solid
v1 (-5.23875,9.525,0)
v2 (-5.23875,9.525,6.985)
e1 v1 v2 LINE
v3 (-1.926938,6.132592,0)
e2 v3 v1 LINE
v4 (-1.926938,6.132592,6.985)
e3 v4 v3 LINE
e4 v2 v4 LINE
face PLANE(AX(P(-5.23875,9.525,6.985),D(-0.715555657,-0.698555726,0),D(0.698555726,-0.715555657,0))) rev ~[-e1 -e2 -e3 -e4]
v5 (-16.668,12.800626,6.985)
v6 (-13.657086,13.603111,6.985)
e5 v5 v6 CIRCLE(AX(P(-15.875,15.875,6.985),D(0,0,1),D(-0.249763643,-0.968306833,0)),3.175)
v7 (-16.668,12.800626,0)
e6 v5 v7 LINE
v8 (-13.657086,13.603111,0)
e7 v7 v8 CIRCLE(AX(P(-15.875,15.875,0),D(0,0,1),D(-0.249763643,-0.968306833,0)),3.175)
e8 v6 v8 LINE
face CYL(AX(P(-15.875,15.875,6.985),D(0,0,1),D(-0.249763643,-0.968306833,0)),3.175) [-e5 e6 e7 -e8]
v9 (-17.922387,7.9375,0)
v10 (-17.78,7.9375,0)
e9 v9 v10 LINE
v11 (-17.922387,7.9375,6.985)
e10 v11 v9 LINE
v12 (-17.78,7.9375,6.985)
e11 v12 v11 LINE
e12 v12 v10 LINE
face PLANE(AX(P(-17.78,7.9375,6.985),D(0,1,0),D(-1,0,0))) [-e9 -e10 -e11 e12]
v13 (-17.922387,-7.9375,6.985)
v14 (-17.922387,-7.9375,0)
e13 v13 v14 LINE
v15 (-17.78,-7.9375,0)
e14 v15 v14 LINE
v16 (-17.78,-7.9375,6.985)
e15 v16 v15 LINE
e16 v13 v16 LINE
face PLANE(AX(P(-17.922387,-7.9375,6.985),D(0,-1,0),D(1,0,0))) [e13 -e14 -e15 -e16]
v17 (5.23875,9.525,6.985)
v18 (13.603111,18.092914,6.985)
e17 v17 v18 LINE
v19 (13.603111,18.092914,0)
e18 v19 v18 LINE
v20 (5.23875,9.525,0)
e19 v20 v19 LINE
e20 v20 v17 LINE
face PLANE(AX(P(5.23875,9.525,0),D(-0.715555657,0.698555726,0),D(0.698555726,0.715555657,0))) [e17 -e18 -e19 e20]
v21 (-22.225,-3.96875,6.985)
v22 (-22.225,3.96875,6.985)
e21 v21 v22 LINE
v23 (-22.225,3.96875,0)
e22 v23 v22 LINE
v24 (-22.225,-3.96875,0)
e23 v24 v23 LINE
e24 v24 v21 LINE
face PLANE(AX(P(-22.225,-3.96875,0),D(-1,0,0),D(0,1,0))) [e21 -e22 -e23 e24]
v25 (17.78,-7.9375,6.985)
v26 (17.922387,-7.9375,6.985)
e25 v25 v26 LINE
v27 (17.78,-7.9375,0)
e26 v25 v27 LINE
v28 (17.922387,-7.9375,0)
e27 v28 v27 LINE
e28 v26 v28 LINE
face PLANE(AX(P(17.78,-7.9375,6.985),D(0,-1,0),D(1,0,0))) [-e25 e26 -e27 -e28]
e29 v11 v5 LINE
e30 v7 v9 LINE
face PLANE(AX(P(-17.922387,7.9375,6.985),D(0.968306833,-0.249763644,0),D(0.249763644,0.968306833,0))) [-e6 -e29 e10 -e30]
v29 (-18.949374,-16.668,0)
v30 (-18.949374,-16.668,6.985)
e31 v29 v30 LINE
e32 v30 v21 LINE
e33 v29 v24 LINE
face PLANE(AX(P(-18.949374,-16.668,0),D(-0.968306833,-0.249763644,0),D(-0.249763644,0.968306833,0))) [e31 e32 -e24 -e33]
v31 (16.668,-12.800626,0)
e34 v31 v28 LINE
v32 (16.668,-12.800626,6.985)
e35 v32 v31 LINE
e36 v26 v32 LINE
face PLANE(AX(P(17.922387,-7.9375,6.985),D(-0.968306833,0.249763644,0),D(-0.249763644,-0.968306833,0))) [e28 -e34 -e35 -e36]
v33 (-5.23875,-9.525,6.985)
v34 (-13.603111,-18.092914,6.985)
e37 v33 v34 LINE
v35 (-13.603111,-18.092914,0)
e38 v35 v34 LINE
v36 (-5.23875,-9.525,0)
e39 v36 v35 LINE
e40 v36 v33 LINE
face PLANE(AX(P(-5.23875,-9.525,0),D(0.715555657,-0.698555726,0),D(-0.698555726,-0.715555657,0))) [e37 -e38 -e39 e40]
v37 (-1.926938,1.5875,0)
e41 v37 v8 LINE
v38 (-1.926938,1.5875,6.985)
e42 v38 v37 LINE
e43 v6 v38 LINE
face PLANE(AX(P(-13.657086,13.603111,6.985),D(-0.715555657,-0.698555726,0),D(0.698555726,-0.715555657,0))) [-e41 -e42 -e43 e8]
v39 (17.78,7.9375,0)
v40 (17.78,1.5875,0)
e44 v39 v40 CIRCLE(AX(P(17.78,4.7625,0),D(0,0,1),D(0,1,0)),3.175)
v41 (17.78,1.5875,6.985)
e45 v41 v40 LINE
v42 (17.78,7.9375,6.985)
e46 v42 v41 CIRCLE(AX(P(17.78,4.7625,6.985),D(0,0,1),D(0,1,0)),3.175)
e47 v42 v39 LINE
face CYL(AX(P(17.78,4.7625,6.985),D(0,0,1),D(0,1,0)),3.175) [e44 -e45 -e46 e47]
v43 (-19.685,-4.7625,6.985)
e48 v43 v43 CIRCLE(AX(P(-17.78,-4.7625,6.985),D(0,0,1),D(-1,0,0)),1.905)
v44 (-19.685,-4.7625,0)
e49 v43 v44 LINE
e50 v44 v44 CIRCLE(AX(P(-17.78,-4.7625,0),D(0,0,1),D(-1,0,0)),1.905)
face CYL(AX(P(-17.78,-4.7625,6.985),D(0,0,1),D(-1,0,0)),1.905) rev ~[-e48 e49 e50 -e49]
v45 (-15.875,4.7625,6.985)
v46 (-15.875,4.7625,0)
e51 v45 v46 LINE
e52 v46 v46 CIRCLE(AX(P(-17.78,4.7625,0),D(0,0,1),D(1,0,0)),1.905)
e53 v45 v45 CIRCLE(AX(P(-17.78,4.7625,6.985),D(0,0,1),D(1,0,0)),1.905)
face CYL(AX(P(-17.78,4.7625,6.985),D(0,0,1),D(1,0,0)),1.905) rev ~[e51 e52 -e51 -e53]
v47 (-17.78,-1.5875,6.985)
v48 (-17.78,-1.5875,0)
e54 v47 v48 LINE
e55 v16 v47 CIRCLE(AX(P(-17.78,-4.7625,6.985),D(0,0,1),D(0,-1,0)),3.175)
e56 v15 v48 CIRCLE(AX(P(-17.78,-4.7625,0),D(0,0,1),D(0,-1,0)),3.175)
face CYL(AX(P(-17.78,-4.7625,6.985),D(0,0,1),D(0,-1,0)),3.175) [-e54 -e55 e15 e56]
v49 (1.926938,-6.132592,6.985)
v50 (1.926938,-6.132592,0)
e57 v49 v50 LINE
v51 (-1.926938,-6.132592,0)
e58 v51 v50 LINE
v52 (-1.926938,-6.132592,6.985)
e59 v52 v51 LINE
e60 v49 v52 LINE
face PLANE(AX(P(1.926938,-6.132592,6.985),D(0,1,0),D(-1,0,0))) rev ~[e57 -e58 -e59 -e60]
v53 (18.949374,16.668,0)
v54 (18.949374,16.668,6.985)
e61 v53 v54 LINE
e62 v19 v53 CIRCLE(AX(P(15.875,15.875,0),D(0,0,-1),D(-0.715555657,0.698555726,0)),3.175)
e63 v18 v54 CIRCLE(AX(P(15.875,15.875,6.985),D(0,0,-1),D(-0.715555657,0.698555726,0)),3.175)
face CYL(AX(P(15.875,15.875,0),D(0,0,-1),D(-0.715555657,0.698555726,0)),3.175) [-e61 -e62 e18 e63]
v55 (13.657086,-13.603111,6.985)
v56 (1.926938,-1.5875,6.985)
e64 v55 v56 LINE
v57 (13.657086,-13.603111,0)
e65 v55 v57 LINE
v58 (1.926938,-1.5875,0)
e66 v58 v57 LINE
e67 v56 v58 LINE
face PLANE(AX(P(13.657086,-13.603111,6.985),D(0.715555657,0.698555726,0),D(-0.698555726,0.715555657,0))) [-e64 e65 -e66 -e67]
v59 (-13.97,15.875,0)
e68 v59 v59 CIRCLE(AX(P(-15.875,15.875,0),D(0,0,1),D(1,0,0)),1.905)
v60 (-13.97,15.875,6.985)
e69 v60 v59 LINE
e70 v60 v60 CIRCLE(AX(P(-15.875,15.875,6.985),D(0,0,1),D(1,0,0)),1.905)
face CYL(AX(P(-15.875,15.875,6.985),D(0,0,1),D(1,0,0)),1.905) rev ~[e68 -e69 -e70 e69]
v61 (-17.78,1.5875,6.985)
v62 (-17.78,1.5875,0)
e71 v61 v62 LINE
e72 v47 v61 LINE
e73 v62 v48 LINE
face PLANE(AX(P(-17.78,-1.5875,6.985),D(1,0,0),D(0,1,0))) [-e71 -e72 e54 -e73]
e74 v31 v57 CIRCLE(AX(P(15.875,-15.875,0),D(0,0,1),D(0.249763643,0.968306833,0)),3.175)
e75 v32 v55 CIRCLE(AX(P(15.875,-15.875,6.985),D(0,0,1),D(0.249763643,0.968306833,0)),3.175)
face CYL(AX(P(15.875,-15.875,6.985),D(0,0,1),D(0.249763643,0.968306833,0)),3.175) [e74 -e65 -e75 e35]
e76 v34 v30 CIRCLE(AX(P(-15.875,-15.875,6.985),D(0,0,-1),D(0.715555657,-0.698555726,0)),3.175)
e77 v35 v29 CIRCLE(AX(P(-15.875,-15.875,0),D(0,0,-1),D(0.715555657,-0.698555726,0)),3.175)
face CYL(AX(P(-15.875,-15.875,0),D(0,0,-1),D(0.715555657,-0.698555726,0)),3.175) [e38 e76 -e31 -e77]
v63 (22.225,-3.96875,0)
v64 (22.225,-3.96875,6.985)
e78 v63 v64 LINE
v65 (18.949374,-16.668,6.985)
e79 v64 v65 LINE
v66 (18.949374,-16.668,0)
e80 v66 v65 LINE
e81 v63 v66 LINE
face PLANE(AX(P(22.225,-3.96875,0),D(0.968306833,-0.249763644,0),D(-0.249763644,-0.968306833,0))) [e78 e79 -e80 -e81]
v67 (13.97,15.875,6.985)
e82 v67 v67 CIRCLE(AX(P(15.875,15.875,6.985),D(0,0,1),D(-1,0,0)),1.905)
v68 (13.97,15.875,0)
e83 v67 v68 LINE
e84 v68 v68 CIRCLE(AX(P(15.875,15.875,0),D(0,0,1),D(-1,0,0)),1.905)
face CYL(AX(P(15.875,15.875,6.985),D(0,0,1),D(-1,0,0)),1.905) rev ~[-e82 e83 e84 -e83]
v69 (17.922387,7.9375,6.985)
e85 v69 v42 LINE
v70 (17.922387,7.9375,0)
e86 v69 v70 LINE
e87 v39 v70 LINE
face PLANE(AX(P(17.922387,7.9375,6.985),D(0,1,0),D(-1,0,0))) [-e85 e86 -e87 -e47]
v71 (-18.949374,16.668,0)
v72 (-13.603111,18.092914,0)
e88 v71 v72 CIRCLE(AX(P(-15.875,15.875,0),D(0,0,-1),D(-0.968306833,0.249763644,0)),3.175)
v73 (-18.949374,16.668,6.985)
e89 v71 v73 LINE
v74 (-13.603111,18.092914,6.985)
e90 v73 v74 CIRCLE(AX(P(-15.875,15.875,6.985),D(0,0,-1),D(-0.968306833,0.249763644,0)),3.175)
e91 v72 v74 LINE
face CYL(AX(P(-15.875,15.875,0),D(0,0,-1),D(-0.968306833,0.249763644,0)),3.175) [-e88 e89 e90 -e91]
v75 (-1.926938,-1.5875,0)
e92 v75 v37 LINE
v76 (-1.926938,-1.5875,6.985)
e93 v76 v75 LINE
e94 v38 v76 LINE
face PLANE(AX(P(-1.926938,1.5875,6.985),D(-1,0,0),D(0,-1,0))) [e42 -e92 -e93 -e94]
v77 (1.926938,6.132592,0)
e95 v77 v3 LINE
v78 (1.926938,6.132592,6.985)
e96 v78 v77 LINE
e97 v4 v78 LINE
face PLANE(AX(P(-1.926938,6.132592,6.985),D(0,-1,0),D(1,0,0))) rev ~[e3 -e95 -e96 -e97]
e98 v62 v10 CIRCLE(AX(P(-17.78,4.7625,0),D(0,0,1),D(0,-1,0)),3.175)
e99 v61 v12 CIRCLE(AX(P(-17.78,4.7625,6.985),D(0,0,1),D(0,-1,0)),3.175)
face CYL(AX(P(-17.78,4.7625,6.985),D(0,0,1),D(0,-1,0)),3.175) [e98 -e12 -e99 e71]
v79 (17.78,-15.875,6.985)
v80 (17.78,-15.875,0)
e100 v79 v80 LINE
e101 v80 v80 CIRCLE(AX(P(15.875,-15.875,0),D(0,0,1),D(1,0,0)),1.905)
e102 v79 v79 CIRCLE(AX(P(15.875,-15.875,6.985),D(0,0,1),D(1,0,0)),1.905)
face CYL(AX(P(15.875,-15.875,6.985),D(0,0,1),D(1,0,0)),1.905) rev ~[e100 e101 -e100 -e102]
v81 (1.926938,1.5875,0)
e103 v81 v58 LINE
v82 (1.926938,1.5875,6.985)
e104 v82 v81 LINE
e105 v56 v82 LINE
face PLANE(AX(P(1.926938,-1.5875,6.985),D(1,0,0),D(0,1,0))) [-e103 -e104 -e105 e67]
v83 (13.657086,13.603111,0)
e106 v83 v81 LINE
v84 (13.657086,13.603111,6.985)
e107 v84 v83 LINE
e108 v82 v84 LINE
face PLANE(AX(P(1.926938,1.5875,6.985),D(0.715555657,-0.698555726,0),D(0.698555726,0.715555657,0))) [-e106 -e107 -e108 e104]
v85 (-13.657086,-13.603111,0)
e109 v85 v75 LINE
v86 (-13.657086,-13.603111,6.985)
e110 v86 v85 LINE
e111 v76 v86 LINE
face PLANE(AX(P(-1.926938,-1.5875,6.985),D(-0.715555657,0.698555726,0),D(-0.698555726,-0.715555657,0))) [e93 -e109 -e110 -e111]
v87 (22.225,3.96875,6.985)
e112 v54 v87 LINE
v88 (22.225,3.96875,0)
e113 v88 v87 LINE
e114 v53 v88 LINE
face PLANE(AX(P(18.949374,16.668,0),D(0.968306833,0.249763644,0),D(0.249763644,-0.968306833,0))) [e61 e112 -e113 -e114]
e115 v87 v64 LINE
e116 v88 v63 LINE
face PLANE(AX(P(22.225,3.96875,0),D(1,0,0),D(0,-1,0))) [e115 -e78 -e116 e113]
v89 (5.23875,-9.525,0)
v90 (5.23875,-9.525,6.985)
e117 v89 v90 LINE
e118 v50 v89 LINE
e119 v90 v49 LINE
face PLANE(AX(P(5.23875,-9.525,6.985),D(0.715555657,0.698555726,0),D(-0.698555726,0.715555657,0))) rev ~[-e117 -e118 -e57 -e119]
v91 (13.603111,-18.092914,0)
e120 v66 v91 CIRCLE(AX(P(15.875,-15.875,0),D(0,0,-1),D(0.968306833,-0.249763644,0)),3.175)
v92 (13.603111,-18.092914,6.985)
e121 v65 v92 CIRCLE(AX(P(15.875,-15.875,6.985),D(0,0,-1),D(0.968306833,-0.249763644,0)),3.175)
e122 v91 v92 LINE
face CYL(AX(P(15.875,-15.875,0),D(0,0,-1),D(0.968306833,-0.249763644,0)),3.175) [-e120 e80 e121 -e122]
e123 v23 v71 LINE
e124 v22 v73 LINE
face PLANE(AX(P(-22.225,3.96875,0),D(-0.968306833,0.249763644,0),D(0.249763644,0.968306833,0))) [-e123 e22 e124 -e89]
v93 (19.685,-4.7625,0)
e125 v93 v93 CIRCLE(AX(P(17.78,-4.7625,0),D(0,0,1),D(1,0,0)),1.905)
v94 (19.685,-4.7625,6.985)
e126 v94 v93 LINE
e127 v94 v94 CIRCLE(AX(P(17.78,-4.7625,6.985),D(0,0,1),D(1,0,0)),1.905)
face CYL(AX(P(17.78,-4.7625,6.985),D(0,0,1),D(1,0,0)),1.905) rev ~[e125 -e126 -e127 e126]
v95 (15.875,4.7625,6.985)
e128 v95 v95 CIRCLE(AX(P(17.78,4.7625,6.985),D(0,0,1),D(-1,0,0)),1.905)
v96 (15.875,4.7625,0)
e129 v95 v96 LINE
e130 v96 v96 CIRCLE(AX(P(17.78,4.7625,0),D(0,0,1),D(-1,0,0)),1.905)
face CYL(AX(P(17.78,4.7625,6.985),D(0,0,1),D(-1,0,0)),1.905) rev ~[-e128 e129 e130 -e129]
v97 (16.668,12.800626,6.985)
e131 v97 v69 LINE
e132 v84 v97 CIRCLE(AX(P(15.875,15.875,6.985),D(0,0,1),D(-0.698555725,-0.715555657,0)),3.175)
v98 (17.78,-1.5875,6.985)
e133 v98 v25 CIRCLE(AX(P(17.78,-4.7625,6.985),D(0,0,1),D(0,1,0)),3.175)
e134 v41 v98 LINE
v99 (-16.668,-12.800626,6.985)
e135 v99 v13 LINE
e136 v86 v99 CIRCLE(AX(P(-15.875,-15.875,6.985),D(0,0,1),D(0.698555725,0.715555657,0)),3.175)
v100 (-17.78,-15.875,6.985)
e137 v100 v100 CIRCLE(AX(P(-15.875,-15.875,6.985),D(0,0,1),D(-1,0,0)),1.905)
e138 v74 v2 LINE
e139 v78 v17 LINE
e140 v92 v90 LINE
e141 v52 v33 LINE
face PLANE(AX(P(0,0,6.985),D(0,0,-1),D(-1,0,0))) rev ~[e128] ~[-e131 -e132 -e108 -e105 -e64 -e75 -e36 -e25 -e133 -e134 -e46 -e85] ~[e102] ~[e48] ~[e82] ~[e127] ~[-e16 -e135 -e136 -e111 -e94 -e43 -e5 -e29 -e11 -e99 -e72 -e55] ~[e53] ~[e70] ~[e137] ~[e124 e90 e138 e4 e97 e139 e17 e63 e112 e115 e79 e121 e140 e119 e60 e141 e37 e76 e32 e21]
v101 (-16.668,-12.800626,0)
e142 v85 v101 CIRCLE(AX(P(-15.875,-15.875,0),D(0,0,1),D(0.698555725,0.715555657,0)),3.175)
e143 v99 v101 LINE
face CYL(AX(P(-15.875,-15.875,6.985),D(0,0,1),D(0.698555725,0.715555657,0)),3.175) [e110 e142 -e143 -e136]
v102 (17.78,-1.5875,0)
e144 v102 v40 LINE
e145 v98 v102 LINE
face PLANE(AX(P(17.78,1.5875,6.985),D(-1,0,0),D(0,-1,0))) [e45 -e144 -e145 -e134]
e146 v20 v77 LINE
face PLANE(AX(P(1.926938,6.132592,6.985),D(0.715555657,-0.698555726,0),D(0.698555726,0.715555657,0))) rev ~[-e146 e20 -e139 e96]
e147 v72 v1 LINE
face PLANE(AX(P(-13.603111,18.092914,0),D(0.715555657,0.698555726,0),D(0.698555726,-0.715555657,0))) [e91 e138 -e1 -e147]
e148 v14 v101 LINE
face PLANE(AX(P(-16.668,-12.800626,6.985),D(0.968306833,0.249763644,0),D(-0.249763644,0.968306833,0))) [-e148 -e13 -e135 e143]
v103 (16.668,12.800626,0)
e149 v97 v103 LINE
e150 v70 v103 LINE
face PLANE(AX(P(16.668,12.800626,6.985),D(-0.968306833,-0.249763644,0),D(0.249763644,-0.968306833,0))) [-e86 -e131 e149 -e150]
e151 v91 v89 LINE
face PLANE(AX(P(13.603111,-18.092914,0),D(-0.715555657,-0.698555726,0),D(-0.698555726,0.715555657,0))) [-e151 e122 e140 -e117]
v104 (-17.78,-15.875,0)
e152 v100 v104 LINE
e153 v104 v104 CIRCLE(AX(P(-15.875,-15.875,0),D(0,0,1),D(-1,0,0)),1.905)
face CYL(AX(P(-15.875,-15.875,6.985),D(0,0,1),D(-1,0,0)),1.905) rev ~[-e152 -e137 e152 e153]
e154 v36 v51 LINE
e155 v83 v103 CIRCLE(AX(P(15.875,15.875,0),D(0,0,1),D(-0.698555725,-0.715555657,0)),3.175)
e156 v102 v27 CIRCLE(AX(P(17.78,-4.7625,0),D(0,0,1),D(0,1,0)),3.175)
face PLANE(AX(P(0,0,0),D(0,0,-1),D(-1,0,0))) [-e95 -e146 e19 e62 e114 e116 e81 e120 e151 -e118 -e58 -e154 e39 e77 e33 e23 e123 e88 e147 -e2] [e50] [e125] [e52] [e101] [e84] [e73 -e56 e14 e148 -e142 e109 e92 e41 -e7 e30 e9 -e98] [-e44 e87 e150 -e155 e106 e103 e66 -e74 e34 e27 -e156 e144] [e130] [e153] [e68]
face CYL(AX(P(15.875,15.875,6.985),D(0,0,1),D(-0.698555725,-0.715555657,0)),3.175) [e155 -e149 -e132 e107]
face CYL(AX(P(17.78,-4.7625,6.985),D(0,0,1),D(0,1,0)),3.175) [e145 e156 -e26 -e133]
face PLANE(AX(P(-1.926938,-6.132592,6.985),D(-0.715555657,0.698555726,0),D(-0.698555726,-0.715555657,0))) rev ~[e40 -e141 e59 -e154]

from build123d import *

# Parameters (mm, degrees)
BOSS_EXTRUDE1_DEPTH = 6.985
SKETCH3_R           = 1.905
CUT_EXTRUDE1_DEPTH  = 31.093908852


with BuildPart() as part:
    # Sketch1 → Boss-Extrude1 (new body)
    with BuildSketch(Plane.XY):
        with BuildLine():
            Line((-5.23875, -9.525), (-13.603110789, -18.092914429))
            ThreePointArc((-13.603110789, -18.092914429), (-16.692674217, -18.942903824), (-18.949374194, -16.66799957))
            Line((-18.949374194, -16.66799957), (-22.225, -3.96875))
            Line((-22.225, -3.96875), (-22.225, 3.96875))
            Line((-22.225, 3.96875), (-18.949374194, 16.66799957))
            ThreePointArc((-18.949374194, 16.66799957), (-16.692674217, 18.942903824), (-13.603110789, 18.092914429))
            Line((-13.603110789, 18.092914429), (-5.23875, 9.525))
            Line((-5.23875, 9.525), (5.23875, 9.525))
            Line((5.23875, 9.525), (13.603110789, 18.092914429))
            ThreePointArc((13.603110789, 18.092914429), (16.692674217, 18.942903824), (18.949374194, 16.66799957))
            Line((18.949374194, 16.66799957), (22.225, 3.96875))
            Line((22.225, 3.96875), (22.225, -3.96875))
            Line((22.225, -3.96875), (18.949374194, -16.66799957))
            ThreePointArc((18.949374194, -16.66799957), (16.692674217, -18.942903824), (13.603110789, -18.092914429))
            Line((13.603110789, -18.092914429), (5.23875, -9.525))
            Line((5.23875, -9.525), (-5.23875, -9.525))
        make_face()
    extrude(amount=BOSS_EXTRUDE1_DEPTH)

    # Sketch3 → Cut-Extrude1 (cut, through all)
    with BuildSketch(Plane.XY.offset(6.985)):
        with Locations((-15.875, 15.875)):
            Circle(SKETCH3_R)
        with Locations((-17.78, 4.7625)):
            Circle(SKETCH3_R)
        with Locations(Location((17.78, 4.7625, 0), (0, 0, 180))):
            Circle(SKETCH3_R)
        with Locations((17.78, -4.7625)):
            Circle(SKETCH3_R)
        with Locations(Location((-17.78, -4.7625, 0), (0, 0, 180))):
            Circle(SKETCH3_R)
        with Locations(Location((15.875, 15.875, 0), (0, 0, 180))):
            Circle(SKETCH3_R)
        with Locations((15.875, -15.875)):
            Circle(SKETCH3_R)
        with Locations(Location((-15.875, -15.875, 0), (0, 0, 180))):
            Circle(SKETCH3_R)
        Polygon((-1.926937637, 6.132591943), (1.926937637, 6.132591943), (5.23875, 9.525), (-5.23875, 9.525), align=None)
        with BuildLine():
            Line((-17.922387107, 7.9375), (-16.66799957, 12.800625806))
            ThreePointArc((-16.66799957, 12.800625806), (-15.057325783, 12.807096176), (-13.657085571, 13.603110789))
            Line((-13.657085571, 13.603110789), (-1.926937637, 1.5875))
            Line((-1.926937637, 1.5875), (-1.926937637, -1.5875))
            Line((-1.926937637, -1.5875), (-13.657085571, -13.603110789))
            ThreePointArc((-13.657085571, -13.603110789), (-15.057325783, -12.807096176), (-16.66799957, -12.800625806))
            Line((-16.66799957, -12.800625806), (-17.922387107, -7.9375))
            Line((-17.922387107, -7.9375), (-17.78, -7.9375))
            ThreePointArc((-17.78, -7.9375), (-14.605, -4.7625), (-17.78, -1.5875))
            Line((-17.78, -1.5875), (-17.78, 1.5875))
            ThreePointArc((-17.78, 1.5875), (-14.605, 4.7625), (-17.78, 7.9375))
            Line((-17.78, 7.9375), (-17.922387107, 7.9375))
        make_face()
        with BuildLine():
            Line((17.922387107, -7.9375), (16.66799957, -12.800625806))
            ThreePointArc((16.66799957, -12.800625806), (15.057325783, -12.807096176), (13.657085571, -13.603110789))
            Line((13.657085571, -13.603110789), (1.926937637, -1.5875))
            Line((1.926937637, -1.5875), (1.926937637, 1.5875))
            Line((1.926937637, 1.5875), (13.657085571, 13.603110789))
            ThreePointArc((13.657085571, 13.603110789), (15.057325783, 12.807096176), (16.66799957, 12.800625806))
            Line((16.66799957, 12.800625806), (17.922387107, 7.9375))
            Line((17.922387107, 7.9375), (17.78, 7.9375))
            ThreePointArc((17.78, 7.9375), (14.605, 4.7625), (17.78, 1.5875))
            Line((17.78, 1.5875), (17.78, -1.5875))
            ThreePointArc((17.78, -1.5875), (14.605, -4.7625), (17.78, -7.9375))
            Line((17.78, -7.9375), (17.922387107, -7.9375))
        make_face()
        Polygon((-5.23875, -9.525), (5.23875, -9.525), (1.926937637, -6.132591943), (-1.926937637, -6.132591943), align=None)
    extrude(amount=-CUT_EXTRUDE1_DEPTH, mode=Mode.SUBTRACT)


solid = part.part
